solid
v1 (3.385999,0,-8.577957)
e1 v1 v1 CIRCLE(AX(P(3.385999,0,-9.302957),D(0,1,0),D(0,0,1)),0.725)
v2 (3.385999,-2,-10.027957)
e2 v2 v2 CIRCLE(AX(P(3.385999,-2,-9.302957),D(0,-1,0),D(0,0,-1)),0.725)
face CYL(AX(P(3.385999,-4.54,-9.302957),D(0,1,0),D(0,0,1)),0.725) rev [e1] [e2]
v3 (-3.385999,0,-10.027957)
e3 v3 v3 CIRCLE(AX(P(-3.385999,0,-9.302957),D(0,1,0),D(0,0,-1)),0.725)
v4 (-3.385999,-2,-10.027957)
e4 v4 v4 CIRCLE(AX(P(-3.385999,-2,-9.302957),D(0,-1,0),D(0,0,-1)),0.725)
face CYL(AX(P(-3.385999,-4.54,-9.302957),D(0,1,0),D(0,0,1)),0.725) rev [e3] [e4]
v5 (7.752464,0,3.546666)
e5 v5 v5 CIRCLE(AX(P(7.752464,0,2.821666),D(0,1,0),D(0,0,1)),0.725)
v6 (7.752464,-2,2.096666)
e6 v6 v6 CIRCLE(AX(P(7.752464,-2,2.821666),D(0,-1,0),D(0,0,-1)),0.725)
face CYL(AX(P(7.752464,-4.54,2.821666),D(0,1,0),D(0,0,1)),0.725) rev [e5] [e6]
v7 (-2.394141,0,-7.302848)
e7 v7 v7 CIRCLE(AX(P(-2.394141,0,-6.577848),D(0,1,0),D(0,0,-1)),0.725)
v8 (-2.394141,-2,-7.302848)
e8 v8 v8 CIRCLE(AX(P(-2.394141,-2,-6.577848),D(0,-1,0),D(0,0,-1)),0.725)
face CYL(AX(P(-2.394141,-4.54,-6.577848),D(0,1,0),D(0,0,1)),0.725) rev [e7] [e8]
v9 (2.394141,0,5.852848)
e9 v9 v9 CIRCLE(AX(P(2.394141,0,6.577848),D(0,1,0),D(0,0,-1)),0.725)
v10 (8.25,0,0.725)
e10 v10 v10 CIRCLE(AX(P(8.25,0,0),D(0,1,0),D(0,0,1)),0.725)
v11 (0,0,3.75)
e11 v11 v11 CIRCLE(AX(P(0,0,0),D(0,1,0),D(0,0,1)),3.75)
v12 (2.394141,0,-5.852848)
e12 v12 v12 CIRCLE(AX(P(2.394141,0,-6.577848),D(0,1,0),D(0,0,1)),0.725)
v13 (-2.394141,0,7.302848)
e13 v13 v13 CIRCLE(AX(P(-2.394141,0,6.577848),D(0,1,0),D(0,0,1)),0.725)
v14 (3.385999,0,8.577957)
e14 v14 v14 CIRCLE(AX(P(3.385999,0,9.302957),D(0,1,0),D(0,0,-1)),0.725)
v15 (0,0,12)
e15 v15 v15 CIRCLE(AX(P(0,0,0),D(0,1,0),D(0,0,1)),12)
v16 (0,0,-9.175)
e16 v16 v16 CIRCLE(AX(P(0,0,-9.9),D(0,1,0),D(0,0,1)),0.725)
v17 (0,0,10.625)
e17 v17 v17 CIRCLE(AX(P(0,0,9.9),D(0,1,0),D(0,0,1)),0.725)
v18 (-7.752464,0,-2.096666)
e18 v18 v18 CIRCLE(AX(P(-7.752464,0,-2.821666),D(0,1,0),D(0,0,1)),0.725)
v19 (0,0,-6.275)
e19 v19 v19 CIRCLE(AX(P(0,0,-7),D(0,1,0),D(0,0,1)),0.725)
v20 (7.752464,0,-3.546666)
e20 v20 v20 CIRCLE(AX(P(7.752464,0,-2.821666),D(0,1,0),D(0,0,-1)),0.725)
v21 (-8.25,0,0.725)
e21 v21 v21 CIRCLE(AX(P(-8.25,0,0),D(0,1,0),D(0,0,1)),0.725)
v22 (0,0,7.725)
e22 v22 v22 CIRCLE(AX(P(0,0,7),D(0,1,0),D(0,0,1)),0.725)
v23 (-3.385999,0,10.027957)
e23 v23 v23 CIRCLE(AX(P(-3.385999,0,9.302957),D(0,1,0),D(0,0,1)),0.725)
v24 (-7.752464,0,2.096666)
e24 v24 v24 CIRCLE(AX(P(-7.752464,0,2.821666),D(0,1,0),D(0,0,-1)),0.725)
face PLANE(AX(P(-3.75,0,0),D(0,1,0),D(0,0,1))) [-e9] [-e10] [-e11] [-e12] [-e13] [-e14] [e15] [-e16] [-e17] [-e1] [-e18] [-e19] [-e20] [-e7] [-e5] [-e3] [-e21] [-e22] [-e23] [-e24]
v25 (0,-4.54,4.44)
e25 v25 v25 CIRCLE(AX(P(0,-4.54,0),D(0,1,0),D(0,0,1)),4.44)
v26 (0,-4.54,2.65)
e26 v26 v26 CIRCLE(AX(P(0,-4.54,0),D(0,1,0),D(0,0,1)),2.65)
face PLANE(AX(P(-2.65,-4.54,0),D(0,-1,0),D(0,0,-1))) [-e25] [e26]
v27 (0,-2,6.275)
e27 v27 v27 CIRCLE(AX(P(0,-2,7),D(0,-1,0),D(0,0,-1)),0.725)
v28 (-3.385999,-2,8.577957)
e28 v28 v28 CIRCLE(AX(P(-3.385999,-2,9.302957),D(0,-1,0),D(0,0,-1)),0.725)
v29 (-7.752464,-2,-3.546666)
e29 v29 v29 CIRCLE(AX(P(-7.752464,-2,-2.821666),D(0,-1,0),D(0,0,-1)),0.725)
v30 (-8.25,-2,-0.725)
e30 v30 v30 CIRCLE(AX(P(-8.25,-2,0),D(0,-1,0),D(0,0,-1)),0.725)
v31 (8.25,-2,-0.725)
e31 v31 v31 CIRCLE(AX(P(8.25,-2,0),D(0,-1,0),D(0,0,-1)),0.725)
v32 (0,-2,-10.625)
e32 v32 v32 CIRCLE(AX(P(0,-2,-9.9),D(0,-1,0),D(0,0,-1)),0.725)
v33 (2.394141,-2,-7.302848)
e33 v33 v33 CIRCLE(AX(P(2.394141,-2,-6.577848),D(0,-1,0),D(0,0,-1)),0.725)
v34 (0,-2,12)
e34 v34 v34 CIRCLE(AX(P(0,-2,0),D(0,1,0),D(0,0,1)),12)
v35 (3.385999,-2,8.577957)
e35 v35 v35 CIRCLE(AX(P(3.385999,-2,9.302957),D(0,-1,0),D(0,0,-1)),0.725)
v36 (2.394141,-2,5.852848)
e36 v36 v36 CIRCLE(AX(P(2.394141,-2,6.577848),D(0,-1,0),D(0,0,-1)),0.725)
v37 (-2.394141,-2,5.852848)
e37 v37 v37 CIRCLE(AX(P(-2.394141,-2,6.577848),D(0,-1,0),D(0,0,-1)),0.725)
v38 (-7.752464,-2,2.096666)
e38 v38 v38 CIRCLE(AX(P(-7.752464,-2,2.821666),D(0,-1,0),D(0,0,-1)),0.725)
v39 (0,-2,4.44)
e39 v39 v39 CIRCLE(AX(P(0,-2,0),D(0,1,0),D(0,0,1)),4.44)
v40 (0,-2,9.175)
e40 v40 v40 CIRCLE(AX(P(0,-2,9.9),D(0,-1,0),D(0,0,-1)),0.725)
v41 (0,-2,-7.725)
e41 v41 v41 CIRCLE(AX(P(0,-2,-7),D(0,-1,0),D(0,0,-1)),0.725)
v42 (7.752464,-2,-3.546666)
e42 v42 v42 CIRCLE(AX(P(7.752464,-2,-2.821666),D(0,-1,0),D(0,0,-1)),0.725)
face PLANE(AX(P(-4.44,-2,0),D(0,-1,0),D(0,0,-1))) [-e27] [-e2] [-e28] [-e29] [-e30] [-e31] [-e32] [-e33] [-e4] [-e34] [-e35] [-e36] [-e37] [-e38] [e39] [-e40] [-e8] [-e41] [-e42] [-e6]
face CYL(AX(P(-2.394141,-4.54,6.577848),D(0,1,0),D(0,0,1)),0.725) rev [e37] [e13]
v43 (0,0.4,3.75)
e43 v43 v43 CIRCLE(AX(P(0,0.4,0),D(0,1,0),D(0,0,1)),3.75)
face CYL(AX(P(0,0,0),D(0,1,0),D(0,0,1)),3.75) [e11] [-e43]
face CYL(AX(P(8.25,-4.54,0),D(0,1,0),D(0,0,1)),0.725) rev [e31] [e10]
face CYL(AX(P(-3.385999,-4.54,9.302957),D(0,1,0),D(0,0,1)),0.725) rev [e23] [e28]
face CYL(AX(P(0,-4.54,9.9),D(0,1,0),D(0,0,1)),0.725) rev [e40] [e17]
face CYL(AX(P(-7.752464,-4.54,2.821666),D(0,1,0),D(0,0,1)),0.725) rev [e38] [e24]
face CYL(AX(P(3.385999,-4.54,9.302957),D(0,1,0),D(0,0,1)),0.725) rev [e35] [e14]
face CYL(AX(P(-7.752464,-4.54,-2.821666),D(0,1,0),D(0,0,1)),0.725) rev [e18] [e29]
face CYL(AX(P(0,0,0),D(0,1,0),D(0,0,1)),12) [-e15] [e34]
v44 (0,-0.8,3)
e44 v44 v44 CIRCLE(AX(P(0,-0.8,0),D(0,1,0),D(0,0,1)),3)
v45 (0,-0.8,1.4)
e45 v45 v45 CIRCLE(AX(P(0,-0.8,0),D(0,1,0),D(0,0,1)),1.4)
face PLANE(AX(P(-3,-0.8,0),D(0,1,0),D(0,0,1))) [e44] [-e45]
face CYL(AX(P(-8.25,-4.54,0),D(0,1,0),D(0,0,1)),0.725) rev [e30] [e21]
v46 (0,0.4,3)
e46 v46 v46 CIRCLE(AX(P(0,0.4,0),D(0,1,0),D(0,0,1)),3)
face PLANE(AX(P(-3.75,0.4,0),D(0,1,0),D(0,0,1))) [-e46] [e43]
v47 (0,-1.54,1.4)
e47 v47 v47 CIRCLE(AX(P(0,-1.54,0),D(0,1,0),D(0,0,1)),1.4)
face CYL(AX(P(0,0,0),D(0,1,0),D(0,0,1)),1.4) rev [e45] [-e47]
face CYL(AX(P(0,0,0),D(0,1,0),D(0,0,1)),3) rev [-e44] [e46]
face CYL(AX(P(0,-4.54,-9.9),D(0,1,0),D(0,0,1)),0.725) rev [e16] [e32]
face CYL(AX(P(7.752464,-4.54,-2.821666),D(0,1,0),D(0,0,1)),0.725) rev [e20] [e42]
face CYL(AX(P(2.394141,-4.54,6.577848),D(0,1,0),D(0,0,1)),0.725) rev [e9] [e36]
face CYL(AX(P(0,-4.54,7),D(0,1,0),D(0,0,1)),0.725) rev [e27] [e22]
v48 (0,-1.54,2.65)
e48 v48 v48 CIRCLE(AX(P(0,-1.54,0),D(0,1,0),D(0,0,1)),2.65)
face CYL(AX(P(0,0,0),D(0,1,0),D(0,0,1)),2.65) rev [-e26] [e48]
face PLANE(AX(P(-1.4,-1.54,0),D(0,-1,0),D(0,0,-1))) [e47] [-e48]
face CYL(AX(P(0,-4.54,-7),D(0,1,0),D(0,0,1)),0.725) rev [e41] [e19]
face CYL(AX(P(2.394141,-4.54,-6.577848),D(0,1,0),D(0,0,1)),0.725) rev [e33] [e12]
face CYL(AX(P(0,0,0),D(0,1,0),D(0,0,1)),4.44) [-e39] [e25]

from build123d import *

# Parameters (mm, degrees)
SKETCH2_R          = 0.725
CUT_EXTRUDE1_DEPTH = 18.567344705


with BuildPart() as part:
    # Sketch1 → Revolve1 (revolve)
    with BuildSketch(Plane.XY, mode=Mode.PRIVATE) as revolve1_sk:
        Polygon((-3.75, 0), (-12, 0), (-12, -2), (-4.44, -2), (-4.44, -4.54), (-2.65, -4.54), (-2.65, -1.54), (-1.4, -1.54), (-1.4, -0.8), (-3, -0.8), (-3, 0.4), (-3.75, 0.4), align=None)
    revolve(revolve1_sk.sketch.rotate(Axis((0, 0, 0), (0, -1, 0)), 270), axis=Axis((0, 0, 0), (0, -1, 0)))

    # Sketch2 → Cut-Extrude1 (cut, through all)
    with BuildSketch(Plane(origin=(0, 0, 0), x_dir=(1, 0, 0), z_dir=(0, 1, 0))):
        with Locations(Location((-8.25, 0, 0), (0, 0, 270))):
            Circle(SKETCH2_R)
        with Locations(Location((-7.752464121, 2.821666182, 0), (0, 0, 270))):
            Circle(SKETCH2_R)
        with Locations(Location((0, 7, 0), (0, 0, 270))):
            Circle(SKETCH2_R)
        with Locations(Location((0, 9.9, 0), (0, 0, 270))):
            Circle(SKETCH2_R)
        with Locations(Location((2.394141003, 6.577848346, 0), (0, 0, 270))):
            Circle(SKETCH2_R)
        with Locations(Location((3.385999419, 9.302956946, 0), (0, 0, 270))):
            Circle(SKETCH2_R)
        with Locations(Location((-2.394141003, 6.577848346, 0), (0, 0, 90))):
            Circle(SKETCH2_R)
        with Locations(Location((-3.385999419, 9.302956946, 0), (0, 0, 90))):
            Circle(SKETCH2_R)
        with Locations(Location((-7.752464121, -2.821666182, 0), (0, 0, 90))):
            Circle(SKETCH2_R)
        with Locations(Location((7.752464121, -2.821666182, 0), (0, 0, 270))):
            Circle(SKETCH2_R)
        with Locations(Location((7.752464121, 2.821666182, 0), (0, 0, 90))):
            Circle(SKETCH2_R)
        with Locations(Location((8.25, 0, 0), (0, 0, 270))):
            Circle(SKETCH2_R)
        with Locations(Location((2.394141003, -6.577848346, 0), (0, 0, 90))):
            Circle(SKETCH2_R)
        with Locations(Location((3.385999419, -9.302956946, 0), (0, 0, 90))):
            Circle(SKETCH2_R)
        with Locations(Location((0, -9.9, 0), (0, 0, 270))):
            Circle(SKETCH2_R)
        with Locations(Location((0, -7, 0), (0, 0, 270))):
            Circle(SKETCH2_R)
        with Locations(Location((-2.394141003, -6.577848346, 0), (0, 0, 270))):
            Circle(SKETCH2_R)
        with Locations(Location((-3.385999419, -9.302956946, 0), (0, 0, 270))):
            Circle(SKETCH2_R)
    extrude(amount=-CUT_EXTRUDE1_DEPTH, mode=Mode.SUBTRACT)


solid = part.part
